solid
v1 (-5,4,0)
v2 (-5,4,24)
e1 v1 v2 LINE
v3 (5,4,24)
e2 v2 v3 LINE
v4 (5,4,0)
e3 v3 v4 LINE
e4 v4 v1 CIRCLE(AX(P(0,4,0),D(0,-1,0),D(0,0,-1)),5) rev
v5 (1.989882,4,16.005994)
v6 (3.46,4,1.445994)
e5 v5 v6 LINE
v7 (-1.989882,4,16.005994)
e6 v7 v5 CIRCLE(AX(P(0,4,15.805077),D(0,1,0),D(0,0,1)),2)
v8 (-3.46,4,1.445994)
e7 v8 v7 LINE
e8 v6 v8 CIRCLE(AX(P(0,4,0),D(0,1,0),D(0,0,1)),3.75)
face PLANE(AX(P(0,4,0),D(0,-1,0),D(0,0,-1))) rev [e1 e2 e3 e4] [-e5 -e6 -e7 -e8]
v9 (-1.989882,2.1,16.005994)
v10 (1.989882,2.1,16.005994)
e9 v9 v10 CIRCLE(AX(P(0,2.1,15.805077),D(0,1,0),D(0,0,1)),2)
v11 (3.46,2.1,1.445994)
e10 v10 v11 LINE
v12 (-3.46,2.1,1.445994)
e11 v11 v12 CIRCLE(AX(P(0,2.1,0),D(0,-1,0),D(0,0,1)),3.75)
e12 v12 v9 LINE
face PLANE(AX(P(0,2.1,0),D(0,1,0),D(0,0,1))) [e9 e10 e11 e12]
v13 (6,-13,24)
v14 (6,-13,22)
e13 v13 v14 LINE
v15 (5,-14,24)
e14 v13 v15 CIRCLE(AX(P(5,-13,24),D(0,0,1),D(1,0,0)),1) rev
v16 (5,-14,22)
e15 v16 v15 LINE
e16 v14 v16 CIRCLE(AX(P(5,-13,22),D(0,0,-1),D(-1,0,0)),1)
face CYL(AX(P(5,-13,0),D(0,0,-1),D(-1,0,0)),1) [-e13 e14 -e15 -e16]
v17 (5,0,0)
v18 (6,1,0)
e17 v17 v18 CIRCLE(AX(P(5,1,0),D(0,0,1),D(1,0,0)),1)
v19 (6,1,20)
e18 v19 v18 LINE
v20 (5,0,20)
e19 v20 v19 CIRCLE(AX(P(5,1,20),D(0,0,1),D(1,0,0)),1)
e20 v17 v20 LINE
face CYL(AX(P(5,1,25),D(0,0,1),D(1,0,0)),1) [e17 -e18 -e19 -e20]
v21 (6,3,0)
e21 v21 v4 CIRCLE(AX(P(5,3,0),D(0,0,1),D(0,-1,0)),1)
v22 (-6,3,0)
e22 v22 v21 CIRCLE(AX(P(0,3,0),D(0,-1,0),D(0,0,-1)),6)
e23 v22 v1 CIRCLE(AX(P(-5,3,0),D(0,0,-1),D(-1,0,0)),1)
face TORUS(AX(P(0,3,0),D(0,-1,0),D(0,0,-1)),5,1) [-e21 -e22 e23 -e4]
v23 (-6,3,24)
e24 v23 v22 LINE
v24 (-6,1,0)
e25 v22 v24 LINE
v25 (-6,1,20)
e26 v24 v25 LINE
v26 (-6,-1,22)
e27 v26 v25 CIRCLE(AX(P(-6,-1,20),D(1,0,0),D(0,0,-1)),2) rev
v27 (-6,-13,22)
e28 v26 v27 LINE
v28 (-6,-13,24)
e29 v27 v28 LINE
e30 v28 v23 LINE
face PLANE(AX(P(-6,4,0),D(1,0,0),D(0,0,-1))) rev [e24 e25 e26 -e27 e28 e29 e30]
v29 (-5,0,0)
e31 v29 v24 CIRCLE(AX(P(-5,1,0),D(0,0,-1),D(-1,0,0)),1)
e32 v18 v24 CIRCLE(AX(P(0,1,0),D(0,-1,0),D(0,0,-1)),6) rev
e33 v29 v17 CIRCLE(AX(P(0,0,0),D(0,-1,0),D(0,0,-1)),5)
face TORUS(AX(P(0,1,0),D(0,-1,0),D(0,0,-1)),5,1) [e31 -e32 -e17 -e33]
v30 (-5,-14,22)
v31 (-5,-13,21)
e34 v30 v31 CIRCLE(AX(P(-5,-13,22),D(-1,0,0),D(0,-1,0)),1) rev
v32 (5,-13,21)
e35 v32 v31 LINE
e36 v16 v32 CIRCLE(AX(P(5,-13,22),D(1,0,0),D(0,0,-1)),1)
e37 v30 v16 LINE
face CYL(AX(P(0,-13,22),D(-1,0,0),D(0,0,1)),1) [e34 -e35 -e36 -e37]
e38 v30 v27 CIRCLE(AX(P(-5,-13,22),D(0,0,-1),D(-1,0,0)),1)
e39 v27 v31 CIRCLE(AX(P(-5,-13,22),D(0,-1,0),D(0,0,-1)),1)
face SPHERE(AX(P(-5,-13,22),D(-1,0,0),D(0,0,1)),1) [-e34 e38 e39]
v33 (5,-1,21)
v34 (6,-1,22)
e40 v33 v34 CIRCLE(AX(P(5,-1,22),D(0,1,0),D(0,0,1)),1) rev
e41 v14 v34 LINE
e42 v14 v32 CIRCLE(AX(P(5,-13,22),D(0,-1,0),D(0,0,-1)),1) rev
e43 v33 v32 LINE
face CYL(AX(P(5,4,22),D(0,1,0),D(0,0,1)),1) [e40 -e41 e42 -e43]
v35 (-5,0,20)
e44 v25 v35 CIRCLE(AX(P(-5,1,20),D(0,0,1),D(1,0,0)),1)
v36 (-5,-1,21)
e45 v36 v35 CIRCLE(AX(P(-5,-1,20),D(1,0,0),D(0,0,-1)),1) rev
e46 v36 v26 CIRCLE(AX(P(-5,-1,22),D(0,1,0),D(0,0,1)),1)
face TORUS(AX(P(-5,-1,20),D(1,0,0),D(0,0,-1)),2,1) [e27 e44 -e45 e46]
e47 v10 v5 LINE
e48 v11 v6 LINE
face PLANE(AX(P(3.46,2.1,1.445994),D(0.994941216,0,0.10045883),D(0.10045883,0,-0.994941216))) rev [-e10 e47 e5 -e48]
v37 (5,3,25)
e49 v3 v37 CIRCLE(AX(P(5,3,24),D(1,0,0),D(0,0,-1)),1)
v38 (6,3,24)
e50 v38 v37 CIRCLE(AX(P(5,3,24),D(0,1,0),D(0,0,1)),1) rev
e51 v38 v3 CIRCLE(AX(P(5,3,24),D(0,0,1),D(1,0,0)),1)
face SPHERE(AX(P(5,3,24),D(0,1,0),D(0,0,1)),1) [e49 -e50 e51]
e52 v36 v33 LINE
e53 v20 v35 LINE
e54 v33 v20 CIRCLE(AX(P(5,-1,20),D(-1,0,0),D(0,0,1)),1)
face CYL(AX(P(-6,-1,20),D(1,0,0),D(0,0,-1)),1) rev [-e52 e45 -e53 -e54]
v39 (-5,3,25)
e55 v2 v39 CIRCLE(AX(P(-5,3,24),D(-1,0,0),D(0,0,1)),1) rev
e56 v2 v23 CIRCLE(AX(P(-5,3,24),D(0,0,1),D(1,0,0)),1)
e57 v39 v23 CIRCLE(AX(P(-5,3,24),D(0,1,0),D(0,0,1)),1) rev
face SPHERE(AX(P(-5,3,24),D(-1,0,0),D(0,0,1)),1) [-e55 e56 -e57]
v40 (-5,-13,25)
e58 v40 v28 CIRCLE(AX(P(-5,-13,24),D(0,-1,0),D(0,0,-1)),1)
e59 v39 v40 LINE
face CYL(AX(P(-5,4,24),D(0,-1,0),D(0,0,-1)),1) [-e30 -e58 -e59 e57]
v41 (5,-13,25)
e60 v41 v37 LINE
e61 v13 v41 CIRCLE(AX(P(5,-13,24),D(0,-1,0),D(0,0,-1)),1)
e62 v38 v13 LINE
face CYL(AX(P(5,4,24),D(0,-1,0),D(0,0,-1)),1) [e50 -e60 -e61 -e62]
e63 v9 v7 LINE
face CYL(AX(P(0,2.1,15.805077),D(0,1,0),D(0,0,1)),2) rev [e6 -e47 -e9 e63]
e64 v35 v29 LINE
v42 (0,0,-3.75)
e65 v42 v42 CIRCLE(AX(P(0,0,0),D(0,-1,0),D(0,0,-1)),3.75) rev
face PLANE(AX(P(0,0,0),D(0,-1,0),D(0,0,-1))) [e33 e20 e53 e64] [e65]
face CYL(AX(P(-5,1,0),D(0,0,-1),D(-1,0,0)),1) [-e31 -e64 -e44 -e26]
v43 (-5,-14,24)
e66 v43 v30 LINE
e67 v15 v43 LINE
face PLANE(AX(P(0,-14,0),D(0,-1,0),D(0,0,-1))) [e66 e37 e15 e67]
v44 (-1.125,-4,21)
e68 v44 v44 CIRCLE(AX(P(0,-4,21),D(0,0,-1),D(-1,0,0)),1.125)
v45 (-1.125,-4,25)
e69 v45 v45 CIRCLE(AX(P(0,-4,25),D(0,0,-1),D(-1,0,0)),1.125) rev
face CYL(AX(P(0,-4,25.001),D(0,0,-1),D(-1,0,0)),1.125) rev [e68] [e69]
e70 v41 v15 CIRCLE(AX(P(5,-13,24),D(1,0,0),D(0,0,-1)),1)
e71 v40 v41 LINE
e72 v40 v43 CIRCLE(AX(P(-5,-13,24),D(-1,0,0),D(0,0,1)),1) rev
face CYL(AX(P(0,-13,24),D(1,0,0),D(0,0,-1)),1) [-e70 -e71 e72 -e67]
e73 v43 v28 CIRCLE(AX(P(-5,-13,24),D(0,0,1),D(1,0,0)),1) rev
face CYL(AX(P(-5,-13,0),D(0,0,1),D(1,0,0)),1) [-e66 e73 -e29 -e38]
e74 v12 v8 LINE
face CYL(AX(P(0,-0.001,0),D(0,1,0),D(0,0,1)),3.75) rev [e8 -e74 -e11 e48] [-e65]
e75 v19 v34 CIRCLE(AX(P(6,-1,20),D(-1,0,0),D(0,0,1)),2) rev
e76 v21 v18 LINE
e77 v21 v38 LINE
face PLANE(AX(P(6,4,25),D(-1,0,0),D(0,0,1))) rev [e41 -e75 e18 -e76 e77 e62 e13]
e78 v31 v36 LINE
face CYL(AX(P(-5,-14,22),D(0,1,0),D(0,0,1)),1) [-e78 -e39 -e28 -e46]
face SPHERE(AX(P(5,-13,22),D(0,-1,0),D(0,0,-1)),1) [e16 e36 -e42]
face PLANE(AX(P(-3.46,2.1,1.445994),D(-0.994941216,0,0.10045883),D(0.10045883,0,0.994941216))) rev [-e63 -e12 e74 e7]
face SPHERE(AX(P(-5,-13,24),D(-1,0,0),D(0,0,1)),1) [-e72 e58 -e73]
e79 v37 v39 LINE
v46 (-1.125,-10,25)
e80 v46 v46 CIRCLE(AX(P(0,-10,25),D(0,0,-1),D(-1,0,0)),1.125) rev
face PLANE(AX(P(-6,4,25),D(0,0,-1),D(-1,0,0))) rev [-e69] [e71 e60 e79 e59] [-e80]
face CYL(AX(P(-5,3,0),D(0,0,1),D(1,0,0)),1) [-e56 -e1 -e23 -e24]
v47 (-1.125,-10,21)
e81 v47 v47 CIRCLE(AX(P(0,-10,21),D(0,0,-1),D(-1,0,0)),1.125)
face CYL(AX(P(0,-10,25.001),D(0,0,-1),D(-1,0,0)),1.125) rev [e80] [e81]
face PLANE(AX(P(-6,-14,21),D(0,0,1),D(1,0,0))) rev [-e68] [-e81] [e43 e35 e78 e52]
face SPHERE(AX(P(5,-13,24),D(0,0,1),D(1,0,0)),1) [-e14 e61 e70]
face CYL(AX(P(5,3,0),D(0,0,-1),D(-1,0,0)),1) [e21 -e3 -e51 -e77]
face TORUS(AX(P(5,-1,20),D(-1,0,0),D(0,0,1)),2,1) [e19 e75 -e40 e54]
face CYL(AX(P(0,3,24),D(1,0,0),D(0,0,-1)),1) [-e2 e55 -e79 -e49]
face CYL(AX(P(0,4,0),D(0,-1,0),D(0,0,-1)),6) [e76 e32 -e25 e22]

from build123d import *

# Parameters (mm, degrees)
YAW_ARM_BASE_DEPTH           = 4
YAW_ARM_MOUNTING_HOLE_REACH  = 28.019
SKETCH2_R                    = 3.75
YAW_ARM_SLOT_DEPTH           = 1.9
SKETCH5_W                    = 12
SKETCH5_H                    = 4
MOUNTING_BRACKET_DEPTH       = 14
BRACKET_MOUNTING_HOLES_REACH = 33
SKETCH8_R                    = 1.125
F_1MM_FILLETS_R              = 1


with BuildPart() as part:
    # Sketch1 → Yaw Arm Base (new body)
    with BuildSketch(Plane(origin=(0, 0, 0), x_dir=(1, 0, 0), z_dir=(0, 1, 0))):
        with BuildLine():
            Line((-6, 0), (-6, -25))
            Line((-6, -25), (6, -25))
            Line((6, -25), (6, 0))
            ThreePointArc((6, 0), (0, 6), (-6, 0))
        make_face()
    extrude(amount=YAW_ARM_BASE_DEPTH)

    # Sketch2 → Yaw Arm Mounting Hole (cut, up to next)
    with BuildSketch(Plane(origin=(0, 4, 0), x_dir=(1, 0, 0), z_dir=(0, 1, 0)), mode=Mode.PRIVATE) as yaw_arm_mounting_hole_sk1:
        with Locations(Location((0, 0, 0), (0, 0, 270))):
            Circle(SKETCH2_R)
    yaw_arm_mounting_hole_tool1 = extrude(yaw_arm_mounting_hole_sk1.sketch, amount=-YAW_ARM_MOUNTING_HOLE_REACH, mode=Mode.PRIVATE) & part.part
    add(yaw_arm_mounting_hole_tool1.solids().sort_by_distance((0, 4, 0))[0], mode=Mode.SUBTRACT)

    # Sketch4 → Yaw Arm Slot (cut)
    with BuildSketch(Plane(origin=(0, 4, 0), x_dir=(1, 0, 0), z_dir=(0, 1, 0))):
        with BuildLine():
            Line((-3.46, -1.445994467), (-1.989882432, -16.005994467))
            ThreePointArc((-1.989882432, -16.005994467), (0, -17.805076808), (1.989882432, -16.005994467))
            Line((1.989882432, -16.005994467), (3.46, -1.445994467))
            ThreePointArc((3.46, -1.445994467), (0, -3.75), (-3.46, -1.445994467))
        make_face()
    extrude(amount=-YAW_ARM_SLOT_DEPTH, mode=Mode.SUBTRACT)

    # Sketch5 → Mounting Bracket (add)
    with BuildSketch(Plane.XZ):
        with Locations((0, 23)):
            Rectangle(SKETCH5_W, SKETCH5_H)
    extrude(amount=MOUNTING_BRACKET_DEPTH)

    # Sketch8 → Bracket Mounting Holes (cut, up to next)
    with BuildSketch(Plane(origin=(0, 0, 21), x_dir=(-1, 0, 0), z_dir=(0, 0, -1)), mode=Mode.PRIVATE) as bracket_mounting_holes_sk1:
        with Locations((0, -10)):
            Circle(SKETCH8_R)
    bracket_mounting_holes_tool1 = extrude(bracket_mounting_holes_sk1.sketch, amount=-BRACKET_MOUNTING_HOLES_REACH, mode=Mode.PRIVATE) & part.part
    # Sketch8 → Bracket Mounting Holes (cut, up to next)
    with BuildSketch(Plane(origin=(0, 0, 21), x_dir=(-1, 0, 0), z_dir=(0, 0, -1)), mode=Mode.PRIVATE) as bracket_mounting_holes_sk2:
        with Locations((0, -4)):
            Circle(SKETCH8_R)
    bracket_mounting_holes_tool2 = extrude(bracket_mounting_holes_sk2.sketch, amount=-BRACKET_MOUNTING_HOLES_REACH, mode=Mode.PRIVATE) & part.part
    add(bracket_mounting_holes_tool1.solids().sort_by_distance((0, -10, 21))[0], mode=Mode.SUBTRACT)
    add(bracket_mounting_holes_tool2.solids().sort_by_distance((0, -4, 21))[0], mode=Mode.SUBTRACT)

    # 1mm Fillets
    f_1mm_fillets_edges = [part.edges().sort_by_distance(p)[0] for p in [
        (0, 4, 25),
        (6, 4, 12.5),
        (6, 0, 10.5),
        (0, 0, 21),
        (-6, -7, 21),
        (6, -7, 21),
        (-6, -14, 23),
        (0, -14, 21),
        (6, -14, 23),
        (0, -14, 25),
        (0, 4, -6),
        (-6, 0, 10.5),
        (0, 0, -6),
        (6, -5, 25),
        (-6, -5, 25),
        (-6, 4, 12.5),
    ]]
    fillet(f_1mm_fillets_edges, radius=F_1MM_FILLETS_R)


solid = part.part
